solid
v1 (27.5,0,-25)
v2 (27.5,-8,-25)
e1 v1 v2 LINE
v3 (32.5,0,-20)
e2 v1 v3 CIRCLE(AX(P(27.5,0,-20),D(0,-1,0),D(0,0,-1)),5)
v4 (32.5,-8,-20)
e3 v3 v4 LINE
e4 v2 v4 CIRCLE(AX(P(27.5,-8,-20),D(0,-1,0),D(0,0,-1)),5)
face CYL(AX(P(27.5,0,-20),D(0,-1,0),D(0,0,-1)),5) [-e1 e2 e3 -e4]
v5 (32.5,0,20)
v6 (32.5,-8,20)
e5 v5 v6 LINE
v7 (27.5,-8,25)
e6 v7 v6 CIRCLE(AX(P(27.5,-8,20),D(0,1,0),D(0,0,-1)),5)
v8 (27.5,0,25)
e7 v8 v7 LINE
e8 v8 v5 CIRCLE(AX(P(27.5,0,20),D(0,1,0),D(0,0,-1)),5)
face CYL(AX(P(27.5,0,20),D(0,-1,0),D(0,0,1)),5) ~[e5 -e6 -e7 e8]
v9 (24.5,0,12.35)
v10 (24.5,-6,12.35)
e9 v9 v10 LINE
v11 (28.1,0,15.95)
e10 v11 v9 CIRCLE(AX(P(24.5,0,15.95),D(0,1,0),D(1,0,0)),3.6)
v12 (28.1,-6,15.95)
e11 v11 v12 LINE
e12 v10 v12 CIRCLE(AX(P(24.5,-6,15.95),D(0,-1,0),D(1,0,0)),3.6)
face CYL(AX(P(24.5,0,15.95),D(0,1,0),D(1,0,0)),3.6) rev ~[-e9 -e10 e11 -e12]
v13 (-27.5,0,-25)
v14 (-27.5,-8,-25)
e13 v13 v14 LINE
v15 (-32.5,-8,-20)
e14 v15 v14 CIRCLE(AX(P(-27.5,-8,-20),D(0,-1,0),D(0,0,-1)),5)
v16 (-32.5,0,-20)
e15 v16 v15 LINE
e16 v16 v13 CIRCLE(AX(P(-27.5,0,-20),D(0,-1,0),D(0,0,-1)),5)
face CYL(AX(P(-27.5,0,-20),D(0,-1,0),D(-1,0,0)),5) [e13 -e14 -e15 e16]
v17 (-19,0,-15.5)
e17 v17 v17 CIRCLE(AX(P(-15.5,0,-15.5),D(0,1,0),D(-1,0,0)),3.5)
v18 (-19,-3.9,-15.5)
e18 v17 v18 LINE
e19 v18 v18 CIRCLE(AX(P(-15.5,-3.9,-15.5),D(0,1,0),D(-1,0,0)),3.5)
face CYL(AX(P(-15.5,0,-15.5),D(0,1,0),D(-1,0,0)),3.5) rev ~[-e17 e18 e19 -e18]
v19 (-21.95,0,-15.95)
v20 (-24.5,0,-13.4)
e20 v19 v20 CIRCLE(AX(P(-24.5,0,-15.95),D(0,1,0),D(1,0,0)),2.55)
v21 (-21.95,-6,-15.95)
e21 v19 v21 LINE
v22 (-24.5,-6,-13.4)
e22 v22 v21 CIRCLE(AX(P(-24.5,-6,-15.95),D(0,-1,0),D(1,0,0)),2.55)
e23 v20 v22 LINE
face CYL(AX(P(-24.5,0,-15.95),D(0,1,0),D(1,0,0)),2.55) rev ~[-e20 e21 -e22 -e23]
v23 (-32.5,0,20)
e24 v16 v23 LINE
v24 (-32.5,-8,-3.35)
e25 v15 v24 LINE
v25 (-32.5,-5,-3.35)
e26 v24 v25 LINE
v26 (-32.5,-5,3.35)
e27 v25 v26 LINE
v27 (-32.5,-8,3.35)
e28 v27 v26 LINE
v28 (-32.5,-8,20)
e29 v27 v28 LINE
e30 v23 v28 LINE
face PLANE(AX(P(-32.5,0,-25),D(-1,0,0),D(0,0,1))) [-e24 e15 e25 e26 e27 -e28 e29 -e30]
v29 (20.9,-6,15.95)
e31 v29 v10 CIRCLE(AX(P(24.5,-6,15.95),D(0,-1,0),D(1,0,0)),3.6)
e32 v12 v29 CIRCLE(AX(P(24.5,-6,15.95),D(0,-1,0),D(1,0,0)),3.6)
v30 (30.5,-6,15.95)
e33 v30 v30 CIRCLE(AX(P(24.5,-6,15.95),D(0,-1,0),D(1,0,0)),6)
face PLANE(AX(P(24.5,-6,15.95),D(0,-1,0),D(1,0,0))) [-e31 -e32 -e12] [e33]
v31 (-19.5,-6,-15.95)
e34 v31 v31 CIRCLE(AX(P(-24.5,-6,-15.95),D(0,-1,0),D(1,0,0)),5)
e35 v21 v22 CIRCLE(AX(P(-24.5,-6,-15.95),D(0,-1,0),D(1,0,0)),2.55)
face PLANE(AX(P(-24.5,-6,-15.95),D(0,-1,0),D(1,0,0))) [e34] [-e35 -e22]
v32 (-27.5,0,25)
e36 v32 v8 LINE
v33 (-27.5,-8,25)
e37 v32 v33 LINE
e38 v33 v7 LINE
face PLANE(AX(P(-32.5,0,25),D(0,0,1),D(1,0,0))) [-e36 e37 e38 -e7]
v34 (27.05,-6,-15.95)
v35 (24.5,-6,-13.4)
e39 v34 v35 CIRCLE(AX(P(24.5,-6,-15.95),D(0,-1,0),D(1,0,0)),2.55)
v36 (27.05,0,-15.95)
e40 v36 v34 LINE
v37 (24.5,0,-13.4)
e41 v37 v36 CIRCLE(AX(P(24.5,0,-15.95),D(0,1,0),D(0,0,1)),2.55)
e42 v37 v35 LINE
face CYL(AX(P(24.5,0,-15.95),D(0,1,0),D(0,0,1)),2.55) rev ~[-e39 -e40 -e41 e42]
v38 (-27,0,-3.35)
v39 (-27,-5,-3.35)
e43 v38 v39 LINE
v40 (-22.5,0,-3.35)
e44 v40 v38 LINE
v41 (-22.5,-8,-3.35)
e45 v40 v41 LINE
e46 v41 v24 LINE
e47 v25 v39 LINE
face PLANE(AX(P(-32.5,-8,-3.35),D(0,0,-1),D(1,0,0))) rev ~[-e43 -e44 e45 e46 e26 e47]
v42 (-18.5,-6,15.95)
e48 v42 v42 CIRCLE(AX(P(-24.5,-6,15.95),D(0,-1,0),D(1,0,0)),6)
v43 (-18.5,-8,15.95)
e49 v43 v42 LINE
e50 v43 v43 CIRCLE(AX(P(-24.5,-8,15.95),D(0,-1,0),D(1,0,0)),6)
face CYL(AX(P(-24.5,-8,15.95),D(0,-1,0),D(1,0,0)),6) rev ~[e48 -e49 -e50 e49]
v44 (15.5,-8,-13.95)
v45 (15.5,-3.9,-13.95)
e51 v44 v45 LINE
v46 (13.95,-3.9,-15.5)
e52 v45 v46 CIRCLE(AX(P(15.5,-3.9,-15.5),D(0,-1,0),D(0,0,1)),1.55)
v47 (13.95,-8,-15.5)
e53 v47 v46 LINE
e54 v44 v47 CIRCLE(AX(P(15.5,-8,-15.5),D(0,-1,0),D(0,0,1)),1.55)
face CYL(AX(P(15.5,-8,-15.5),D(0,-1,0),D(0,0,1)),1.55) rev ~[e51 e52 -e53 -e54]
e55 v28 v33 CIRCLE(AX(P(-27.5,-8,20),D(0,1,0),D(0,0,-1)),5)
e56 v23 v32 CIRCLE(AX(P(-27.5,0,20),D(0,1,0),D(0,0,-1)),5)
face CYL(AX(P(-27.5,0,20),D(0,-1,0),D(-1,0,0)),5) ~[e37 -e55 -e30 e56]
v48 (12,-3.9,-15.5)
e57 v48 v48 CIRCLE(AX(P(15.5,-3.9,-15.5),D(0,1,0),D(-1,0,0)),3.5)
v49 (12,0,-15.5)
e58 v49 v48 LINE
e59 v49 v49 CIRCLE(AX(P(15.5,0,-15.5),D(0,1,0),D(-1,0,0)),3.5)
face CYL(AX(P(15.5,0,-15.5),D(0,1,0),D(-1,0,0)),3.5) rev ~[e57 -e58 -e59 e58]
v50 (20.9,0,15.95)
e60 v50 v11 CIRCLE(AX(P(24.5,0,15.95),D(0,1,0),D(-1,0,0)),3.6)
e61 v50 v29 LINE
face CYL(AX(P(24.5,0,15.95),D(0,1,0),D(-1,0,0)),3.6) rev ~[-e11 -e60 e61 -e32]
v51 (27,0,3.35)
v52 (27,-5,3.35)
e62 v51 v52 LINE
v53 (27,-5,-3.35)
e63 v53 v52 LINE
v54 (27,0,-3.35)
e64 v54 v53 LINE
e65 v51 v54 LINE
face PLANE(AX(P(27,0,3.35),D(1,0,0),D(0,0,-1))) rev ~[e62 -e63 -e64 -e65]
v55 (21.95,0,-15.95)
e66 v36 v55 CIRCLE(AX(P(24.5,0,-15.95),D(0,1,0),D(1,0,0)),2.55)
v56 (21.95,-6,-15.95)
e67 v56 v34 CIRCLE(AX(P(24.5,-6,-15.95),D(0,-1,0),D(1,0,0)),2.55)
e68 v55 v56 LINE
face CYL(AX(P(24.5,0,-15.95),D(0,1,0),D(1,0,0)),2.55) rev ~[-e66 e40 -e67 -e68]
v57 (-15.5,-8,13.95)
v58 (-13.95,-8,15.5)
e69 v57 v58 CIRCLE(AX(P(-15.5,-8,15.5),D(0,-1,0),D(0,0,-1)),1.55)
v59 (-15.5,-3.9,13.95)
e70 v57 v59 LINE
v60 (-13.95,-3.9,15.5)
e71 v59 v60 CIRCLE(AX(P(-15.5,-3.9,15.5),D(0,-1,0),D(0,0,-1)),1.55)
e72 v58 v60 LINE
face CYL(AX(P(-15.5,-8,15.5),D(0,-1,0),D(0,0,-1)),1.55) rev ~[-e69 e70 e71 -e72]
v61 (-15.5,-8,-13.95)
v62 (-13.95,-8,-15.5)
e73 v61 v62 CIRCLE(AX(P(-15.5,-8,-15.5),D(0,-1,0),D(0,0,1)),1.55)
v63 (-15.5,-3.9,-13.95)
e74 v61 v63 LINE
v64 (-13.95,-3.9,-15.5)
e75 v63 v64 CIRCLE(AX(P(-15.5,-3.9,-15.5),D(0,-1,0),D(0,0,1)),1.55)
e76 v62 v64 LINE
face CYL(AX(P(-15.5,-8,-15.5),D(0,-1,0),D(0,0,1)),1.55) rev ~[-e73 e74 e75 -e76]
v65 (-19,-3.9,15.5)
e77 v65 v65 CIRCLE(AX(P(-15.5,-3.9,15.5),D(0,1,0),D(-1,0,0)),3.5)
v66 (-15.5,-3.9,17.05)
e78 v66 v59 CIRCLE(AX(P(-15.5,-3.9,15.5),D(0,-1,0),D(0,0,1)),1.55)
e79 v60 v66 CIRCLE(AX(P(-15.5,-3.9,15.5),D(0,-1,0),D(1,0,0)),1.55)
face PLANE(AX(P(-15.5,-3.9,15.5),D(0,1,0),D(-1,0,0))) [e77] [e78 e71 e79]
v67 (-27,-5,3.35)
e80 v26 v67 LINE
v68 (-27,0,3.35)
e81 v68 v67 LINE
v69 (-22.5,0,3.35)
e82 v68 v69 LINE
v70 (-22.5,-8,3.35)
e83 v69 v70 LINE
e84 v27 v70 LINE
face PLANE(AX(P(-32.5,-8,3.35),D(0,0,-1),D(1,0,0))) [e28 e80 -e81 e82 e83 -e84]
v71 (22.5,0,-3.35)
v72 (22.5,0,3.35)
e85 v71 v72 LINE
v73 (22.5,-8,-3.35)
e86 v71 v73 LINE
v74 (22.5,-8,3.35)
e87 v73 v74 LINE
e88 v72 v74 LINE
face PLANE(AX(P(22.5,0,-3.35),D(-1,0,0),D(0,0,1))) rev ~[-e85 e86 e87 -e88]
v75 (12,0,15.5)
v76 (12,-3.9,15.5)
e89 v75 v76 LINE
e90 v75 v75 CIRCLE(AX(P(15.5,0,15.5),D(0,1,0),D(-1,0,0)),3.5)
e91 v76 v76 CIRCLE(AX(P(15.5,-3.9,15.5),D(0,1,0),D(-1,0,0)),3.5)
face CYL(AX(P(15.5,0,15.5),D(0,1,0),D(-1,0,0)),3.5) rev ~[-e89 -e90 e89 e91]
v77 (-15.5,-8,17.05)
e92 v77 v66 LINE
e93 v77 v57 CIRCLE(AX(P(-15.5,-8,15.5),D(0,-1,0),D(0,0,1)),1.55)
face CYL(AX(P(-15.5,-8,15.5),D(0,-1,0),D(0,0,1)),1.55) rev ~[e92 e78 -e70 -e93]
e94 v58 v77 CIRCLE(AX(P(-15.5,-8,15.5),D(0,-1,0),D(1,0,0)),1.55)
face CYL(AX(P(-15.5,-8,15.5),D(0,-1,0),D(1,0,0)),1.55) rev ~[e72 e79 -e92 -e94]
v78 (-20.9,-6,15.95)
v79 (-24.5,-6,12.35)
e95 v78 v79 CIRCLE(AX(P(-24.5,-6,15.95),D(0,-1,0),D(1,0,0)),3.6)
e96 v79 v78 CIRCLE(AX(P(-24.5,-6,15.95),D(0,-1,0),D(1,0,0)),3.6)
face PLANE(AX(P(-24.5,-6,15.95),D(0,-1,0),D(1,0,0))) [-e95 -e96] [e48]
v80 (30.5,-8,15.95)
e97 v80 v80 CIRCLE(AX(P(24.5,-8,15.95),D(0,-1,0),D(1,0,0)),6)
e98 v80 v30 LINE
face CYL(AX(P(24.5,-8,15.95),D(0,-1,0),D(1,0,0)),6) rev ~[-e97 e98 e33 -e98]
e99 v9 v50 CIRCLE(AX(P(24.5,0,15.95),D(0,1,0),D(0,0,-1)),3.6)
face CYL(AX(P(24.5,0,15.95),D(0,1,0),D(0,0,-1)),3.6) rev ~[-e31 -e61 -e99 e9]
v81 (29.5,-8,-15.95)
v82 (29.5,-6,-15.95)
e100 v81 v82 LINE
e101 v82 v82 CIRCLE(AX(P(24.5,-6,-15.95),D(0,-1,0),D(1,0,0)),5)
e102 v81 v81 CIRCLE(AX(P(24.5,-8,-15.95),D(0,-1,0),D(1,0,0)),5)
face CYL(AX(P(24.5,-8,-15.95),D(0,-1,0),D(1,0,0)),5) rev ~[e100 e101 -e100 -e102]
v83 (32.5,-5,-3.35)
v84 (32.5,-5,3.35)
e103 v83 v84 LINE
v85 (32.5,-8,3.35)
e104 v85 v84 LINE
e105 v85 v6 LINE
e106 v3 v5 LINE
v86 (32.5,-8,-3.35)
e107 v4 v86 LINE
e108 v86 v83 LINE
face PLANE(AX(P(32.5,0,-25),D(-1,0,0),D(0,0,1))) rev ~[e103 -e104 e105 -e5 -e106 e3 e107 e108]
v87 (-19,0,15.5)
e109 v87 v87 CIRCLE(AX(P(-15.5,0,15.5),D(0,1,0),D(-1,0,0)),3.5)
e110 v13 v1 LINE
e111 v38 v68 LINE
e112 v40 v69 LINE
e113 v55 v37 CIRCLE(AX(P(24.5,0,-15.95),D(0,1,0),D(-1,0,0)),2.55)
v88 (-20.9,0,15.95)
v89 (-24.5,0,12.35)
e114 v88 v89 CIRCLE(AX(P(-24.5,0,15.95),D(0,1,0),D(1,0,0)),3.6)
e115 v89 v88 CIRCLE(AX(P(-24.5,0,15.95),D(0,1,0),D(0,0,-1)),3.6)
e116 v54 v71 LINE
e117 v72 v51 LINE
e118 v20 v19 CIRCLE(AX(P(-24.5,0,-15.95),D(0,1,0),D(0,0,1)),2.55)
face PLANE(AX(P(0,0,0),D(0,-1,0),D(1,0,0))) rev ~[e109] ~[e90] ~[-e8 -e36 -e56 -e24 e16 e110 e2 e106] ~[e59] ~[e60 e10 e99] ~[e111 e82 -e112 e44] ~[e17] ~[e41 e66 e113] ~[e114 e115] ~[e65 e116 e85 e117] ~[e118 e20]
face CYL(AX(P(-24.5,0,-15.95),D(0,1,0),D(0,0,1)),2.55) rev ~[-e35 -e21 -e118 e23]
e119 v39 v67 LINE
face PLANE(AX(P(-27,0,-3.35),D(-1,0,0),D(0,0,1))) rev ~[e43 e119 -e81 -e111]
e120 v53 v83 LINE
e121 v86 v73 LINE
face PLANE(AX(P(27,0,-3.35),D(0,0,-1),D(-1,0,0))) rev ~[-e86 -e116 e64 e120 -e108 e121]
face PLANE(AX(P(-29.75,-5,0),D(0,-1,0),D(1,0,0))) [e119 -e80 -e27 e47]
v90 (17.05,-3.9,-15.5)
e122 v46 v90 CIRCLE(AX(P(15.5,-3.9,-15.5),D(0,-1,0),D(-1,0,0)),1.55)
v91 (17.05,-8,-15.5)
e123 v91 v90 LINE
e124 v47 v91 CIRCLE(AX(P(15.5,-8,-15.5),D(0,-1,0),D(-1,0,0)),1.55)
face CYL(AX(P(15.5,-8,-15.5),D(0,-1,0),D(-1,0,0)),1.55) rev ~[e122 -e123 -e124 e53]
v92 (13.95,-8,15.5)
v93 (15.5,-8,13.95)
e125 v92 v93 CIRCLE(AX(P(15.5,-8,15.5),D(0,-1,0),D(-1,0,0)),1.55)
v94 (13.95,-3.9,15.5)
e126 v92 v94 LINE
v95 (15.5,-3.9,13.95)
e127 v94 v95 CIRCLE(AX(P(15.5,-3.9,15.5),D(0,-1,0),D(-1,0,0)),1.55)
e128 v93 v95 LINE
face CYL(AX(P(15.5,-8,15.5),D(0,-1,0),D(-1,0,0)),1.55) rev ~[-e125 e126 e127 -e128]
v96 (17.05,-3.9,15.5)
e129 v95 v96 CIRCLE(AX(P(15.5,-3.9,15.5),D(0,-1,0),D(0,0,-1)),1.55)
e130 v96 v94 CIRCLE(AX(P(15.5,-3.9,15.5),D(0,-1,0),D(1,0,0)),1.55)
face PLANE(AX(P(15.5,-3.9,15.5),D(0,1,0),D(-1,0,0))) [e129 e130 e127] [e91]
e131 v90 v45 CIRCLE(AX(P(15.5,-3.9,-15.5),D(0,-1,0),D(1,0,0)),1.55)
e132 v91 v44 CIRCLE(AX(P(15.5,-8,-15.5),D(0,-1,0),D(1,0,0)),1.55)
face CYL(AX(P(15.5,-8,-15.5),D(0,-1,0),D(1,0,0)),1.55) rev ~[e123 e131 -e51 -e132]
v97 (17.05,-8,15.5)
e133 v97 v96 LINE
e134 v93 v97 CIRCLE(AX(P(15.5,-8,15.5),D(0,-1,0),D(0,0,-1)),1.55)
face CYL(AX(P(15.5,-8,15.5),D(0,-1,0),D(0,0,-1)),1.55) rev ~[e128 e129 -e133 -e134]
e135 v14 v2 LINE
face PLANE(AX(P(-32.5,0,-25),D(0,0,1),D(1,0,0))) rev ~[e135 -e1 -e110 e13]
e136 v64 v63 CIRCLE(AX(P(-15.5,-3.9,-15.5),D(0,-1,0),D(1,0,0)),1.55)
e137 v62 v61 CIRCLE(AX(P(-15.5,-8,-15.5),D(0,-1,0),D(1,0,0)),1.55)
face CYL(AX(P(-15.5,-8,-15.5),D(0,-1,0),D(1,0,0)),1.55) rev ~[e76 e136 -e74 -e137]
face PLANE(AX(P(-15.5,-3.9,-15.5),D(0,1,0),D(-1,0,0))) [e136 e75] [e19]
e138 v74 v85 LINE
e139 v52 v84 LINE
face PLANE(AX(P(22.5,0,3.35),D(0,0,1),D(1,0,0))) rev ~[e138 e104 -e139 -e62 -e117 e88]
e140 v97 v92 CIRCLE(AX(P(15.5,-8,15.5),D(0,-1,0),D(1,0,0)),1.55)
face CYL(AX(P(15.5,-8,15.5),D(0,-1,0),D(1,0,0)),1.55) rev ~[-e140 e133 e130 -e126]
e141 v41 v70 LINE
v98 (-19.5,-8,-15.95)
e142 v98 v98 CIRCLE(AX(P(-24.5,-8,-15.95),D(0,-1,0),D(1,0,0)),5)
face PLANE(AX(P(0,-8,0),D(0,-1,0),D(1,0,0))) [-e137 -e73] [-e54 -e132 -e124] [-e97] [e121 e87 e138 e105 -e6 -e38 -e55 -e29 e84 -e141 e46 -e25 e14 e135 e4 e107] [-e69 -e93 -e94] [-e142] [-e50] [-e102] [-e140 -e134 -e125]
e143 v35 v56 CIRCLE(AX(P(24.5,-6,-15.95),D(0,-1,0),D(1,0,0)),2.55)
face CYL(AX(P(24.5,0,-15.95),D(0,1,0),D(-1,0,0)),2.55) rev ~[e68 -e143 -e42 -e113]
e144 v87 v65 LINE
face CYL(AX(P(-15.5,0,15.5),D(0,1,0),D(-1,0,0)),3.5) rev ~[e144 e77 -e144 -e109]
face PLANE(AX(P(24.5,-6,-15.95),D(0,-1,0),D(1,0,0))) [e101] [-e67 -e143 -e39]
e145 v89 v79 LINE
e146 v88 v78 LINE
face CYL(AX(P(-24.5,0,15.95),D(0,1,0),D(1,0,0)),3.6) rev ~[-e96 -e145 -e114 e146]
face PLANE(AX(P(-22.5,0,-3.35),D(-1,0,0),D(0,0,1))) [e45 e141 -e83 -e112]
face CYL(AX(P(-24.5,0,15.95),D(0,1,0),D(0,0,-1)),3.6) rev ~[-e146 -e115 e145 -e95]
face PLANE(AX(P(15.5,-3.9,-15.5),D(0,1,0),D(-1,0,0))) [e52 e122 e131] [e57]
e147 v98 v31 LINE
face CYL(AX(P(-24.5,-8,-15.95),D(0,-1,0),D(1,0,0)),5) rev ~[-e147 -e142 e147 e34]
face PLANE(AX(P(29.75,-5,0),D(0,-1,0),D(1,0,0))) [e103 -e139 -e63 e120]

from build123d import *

# Parameters (mm, degrees)
F0_W     = 65
F0_H     = 50
F0_W_2   = 45
F0_H_2   = 6.7
F1_DEPTH = 8
F2_R     = 6
F2_R_2   = 3.6
F2_R_3   = 5
F2_R_4   = 2.55
F3_DEPTH = 2
F4_W     = 5.5
F4_H     = 6.7
F5_DEPTH = 3
F7_DEPTH = 7
F8_R     = 3.5
F9_DEPTH = 3.9
F10_R    = 5


with BuildPart() as f1:
    # F0 (on Front) → F1 (new body)
    with BuildSketch(Plane.XZ):
        Rectangle(F0_W, F0_H)
        with BuildLine():
            ThreePointArc((-24.5, 12.35), (-27.0455844123, 18.4955844123), (-20.9, 15.95))
            Line((-20.9, 15.95), (20.9, 15.95))
            ThreePointArc((20.9, 15.95), (24.5, 19.55), (28.1, 15.95))
            ThreePointArc((28.1, 15.95), (27.0455844123, 13.4044155877), (24.5, 12.35))
            Line((24.5, 12.35), (24.5, 3.35))
            Line((24.5, 3.35), (27, 3.35))
            Line((27, 3.35), (27, -3.35))
            Line((27, -3.35), (24.5, -3.35))
            Line((24.5, -3.35), (24.5, -13.4))
            ThreePointArc((24.5, -13.4), (26.303122292, -14.146877708), (27.05, -15.95))
            ThreePointArc((27.05, -15.95), (24.5, -18.5), (21.95, -15.95))
            Line((21.95, -15.95), (-21.95, -15.95))
            ThreePointArc((-21.95, -15.95), (-26.303122292, -17.753122292), (-24.5, -13.4))
            Line((-24.5, -13.4), (-24.5, -3.35))
            Line((-24.5, -3.35), (-27, -3.35))
            Line((-27, -3.35), (-27, 3.35))
            Line((-27, 3.35), (-24.5, 3.35))
            Line((-24.5, 3.35), (-24.5, 12.35))
        make_face(mode=Mode.SUBTRACT)
        with BuildLine():
            Line((20.9, 15.95), (-20.9, 15.95))
            ThreePointArc((-20.9, 15.95), (-21.9544155877, 13.4044155877), (-24.5, 12.35))
            Line((-24.5, 12.35), (-24.5, 3.35))
            Line((-24.5, 3.35), (-22.5, 3.35))
            Line((-22.5, 3.35), (22.5, 3.35))
            Line((22.5, 3.35), (24.5, 3.35))
            Line((24.5, 3.35), (24.5, 12.35))
            ThreePointArc((24.5, 12.35), (21.9544155877, 13.4044155877), (20.9, 15.95))
        make_face()
        with BuildLine():
            Line((-22.5, -3.35), (-24.5, -3.35))
            Line((-24.5, -3.35), (-24.5, -13.4))
            ThreePointArc((-24.5, -13.4), (-22.696877708, -14.146877708), (-21.95, -15.95))
            Line((-21.95, -15.95), (21.95, -15.95))
            ThreePointArc((21.95, -15.95), (22.696877708, -14.146877708), (24.5, -13.4))
            Line((24.5, -13.4), (24.5, -3.35))
            Line((24.5, -3.35), (22.5, -3.35))
            Line((22.5, -3.35), (-22.5, -3.35))
        make_face()
        Rectangle(F0_W_2, F0_H_2)
    extrude(amount=F1_DEPTH)

    # F2 (on face) → F3 (cut)
    with BuildSketch(Plane.XZ.offset(8)):
        with Locations((24.5, 15.95)):
            Circle(F2_R)
        with Locations((24.5, 15.95)):
            Circle(F2_R_2, mode=Mode.SUBTRACT)
        with Locations((-24.5, 15.95)):
            Circle(F2_R)
        with Locations((-24.5, 15.95)):
            Circle(F2_R_2, mode=Mode.SUBTRACT)
        with Locations((-24.5, -15.95)):
            Circle(F2_R_3)
        with Locations((-24.5, -15.95)):
            Circle(F2_R_4, mode=Mode.SUBTRACT)
        with Locations((24.5, -15.95)):
            Circle(F2_R_3)
        with Locations((24.5, -15.95)):
            Circle(F2_R_4, mode=Mode.SUBTRACT)
    extrude(amount=-F3_DEPTH, mode=Mode.SUBTRACT)

    # F4 (on face) → F5 (cut)
    with BuildSketch(Plane.XZ.offset(8)):
        with Locations((29.75, 0)):
            Rectangle(F4_W, F4_H)
        with Locations((-29.75, 0)):
            Rectangle(F4_W, F4_H)
    extrude(amount=-F5_DEPTH, mode=Mode.SUBTRACT)

    # F6 (on face) → F7 (cut)
    with BuildSketch(Plane.XZ.offset(8)):
        with BuildLine():
            Line((-15.5, 17.05), (-15.5, 15.5))
            Line((-15.5, 15.5), (-13.95, 15.5))
            ThreePointArc((-13.95, 15.5), (-14.4039844892, 16.5960155108), (-15.5, 17.05))
        make_face()
        with BuildLine():
            Line((-13.95, 15.5), (-15.5, 15.5))
            Line((-15.5, 15.5), (-15.5, 13.95))
            ThreePointArc((-15.5, 13.95), (-14.4039844892, 14.4039844892), (-13.95, 15.5))
        make_face()
        with BuildLine():
            ThreePointArc((17.05, 15.5), (15.5, 17.05), (13.95, 15.5))
            Line((13.95, 15.5), (15.5, 15.5))
            Line((15.5, 15.5), (15.5, 13.95))
            ThreePointArc((15.5, 13.95), (16.5960155108, 14.4039844892), (17.05, 15.5))
        make_face()
        with BuildLine():
            Line((15.5, 15.5), (13.95, 15.5))
            ThreePointArc((13.95, 15.5), (14.4039844892, 14.4039844892), (15.5, 13.95))
            Line((15.5, 13.95), (15.5, 15.5))
        make_face()
        with BuildLine():
            Line((-15.5, -15.5), (-15.5, -13.95))
            ThreePointArc((-15.5, -13.95), (-16.5960155108, -16.5960155108), (-13.95, -15.5))
            Line((-13.95, -15.5), (-15.5, -15.5))
        make_face()
        with BuildLine():
            ThreePointArc((-13.95, -15.5), (-14.4039844892, -14.4039844892), (-15.5, -13.95))
            Line((-15.5, -13.95), (-15.5, -15.5))
            Line((-15.5, -15.5), (-13.95, -15.5))
        make_face()
        with BuildLine():
            Line((15.5, -15.5), (15.5, -13.95))
            ThreePointArc((15.5, -13.95), (14.4039844892, -14.4039844892), (13.95, -15.5))
            Line((13.95, -15.5), (15.5, -15.5))
        make_face()
        with BuildLine():
            ThreePointArc((17.05, -15.5), (16.5960155108, -14.4039844892), (15.5, -13.95))
            Line((15.5, -13.95), (15.5, -15.5))
            Line((15.5, -15.5), (13.95, -15.5))
            ThreePointArc((13.95, -15.5), (15.5, -17.05), (17.05, -15.5))
        make_face()
        with BuildLine():
            Line((-15.5, 13.95), (-15.5, 15.5))
            Line((-15.5, 15.5), (-15.5, 17.05))
            ThreePointArc((-15.5, 17.05), (-17.05, 15.5), (-15.5, 13.95))
        make_face()
    extrude(amount=-F7_DEPTH, mode=Mode.SUBTRACT)

    # F8 (on face) → F9 (cut)
    with BuildSketch(Plane(origin=(0, 0, 0), x_dir=(-1, 0, 0), z_dir=(0, 1, 0))):
        with Locations((-15.5, 15.5)):
            Circle(F8_R)
        with Locations((-15.5, -15.5)):
            Circle(F8_R)
        with Locations((15.5, 15.5)):
            Circle(F8_R)
        with Locations((15.5, -15.5)):
            Circle(F8_R)
    extrude(amount=-F9_DEPTH, mode=Mode.SUBTRACT)

    # F10
    f10_edges = [f1.edges().sort_by_distance(p)[0] for p in [
        (32.5, -4, 25),
        (32.5, -4, -25),
        (-32.5, -4, 25),
        (-32.5, -4, -25),
    ]]
    fillet(f10_edges, radius=F10_R)


solid = f1.part
